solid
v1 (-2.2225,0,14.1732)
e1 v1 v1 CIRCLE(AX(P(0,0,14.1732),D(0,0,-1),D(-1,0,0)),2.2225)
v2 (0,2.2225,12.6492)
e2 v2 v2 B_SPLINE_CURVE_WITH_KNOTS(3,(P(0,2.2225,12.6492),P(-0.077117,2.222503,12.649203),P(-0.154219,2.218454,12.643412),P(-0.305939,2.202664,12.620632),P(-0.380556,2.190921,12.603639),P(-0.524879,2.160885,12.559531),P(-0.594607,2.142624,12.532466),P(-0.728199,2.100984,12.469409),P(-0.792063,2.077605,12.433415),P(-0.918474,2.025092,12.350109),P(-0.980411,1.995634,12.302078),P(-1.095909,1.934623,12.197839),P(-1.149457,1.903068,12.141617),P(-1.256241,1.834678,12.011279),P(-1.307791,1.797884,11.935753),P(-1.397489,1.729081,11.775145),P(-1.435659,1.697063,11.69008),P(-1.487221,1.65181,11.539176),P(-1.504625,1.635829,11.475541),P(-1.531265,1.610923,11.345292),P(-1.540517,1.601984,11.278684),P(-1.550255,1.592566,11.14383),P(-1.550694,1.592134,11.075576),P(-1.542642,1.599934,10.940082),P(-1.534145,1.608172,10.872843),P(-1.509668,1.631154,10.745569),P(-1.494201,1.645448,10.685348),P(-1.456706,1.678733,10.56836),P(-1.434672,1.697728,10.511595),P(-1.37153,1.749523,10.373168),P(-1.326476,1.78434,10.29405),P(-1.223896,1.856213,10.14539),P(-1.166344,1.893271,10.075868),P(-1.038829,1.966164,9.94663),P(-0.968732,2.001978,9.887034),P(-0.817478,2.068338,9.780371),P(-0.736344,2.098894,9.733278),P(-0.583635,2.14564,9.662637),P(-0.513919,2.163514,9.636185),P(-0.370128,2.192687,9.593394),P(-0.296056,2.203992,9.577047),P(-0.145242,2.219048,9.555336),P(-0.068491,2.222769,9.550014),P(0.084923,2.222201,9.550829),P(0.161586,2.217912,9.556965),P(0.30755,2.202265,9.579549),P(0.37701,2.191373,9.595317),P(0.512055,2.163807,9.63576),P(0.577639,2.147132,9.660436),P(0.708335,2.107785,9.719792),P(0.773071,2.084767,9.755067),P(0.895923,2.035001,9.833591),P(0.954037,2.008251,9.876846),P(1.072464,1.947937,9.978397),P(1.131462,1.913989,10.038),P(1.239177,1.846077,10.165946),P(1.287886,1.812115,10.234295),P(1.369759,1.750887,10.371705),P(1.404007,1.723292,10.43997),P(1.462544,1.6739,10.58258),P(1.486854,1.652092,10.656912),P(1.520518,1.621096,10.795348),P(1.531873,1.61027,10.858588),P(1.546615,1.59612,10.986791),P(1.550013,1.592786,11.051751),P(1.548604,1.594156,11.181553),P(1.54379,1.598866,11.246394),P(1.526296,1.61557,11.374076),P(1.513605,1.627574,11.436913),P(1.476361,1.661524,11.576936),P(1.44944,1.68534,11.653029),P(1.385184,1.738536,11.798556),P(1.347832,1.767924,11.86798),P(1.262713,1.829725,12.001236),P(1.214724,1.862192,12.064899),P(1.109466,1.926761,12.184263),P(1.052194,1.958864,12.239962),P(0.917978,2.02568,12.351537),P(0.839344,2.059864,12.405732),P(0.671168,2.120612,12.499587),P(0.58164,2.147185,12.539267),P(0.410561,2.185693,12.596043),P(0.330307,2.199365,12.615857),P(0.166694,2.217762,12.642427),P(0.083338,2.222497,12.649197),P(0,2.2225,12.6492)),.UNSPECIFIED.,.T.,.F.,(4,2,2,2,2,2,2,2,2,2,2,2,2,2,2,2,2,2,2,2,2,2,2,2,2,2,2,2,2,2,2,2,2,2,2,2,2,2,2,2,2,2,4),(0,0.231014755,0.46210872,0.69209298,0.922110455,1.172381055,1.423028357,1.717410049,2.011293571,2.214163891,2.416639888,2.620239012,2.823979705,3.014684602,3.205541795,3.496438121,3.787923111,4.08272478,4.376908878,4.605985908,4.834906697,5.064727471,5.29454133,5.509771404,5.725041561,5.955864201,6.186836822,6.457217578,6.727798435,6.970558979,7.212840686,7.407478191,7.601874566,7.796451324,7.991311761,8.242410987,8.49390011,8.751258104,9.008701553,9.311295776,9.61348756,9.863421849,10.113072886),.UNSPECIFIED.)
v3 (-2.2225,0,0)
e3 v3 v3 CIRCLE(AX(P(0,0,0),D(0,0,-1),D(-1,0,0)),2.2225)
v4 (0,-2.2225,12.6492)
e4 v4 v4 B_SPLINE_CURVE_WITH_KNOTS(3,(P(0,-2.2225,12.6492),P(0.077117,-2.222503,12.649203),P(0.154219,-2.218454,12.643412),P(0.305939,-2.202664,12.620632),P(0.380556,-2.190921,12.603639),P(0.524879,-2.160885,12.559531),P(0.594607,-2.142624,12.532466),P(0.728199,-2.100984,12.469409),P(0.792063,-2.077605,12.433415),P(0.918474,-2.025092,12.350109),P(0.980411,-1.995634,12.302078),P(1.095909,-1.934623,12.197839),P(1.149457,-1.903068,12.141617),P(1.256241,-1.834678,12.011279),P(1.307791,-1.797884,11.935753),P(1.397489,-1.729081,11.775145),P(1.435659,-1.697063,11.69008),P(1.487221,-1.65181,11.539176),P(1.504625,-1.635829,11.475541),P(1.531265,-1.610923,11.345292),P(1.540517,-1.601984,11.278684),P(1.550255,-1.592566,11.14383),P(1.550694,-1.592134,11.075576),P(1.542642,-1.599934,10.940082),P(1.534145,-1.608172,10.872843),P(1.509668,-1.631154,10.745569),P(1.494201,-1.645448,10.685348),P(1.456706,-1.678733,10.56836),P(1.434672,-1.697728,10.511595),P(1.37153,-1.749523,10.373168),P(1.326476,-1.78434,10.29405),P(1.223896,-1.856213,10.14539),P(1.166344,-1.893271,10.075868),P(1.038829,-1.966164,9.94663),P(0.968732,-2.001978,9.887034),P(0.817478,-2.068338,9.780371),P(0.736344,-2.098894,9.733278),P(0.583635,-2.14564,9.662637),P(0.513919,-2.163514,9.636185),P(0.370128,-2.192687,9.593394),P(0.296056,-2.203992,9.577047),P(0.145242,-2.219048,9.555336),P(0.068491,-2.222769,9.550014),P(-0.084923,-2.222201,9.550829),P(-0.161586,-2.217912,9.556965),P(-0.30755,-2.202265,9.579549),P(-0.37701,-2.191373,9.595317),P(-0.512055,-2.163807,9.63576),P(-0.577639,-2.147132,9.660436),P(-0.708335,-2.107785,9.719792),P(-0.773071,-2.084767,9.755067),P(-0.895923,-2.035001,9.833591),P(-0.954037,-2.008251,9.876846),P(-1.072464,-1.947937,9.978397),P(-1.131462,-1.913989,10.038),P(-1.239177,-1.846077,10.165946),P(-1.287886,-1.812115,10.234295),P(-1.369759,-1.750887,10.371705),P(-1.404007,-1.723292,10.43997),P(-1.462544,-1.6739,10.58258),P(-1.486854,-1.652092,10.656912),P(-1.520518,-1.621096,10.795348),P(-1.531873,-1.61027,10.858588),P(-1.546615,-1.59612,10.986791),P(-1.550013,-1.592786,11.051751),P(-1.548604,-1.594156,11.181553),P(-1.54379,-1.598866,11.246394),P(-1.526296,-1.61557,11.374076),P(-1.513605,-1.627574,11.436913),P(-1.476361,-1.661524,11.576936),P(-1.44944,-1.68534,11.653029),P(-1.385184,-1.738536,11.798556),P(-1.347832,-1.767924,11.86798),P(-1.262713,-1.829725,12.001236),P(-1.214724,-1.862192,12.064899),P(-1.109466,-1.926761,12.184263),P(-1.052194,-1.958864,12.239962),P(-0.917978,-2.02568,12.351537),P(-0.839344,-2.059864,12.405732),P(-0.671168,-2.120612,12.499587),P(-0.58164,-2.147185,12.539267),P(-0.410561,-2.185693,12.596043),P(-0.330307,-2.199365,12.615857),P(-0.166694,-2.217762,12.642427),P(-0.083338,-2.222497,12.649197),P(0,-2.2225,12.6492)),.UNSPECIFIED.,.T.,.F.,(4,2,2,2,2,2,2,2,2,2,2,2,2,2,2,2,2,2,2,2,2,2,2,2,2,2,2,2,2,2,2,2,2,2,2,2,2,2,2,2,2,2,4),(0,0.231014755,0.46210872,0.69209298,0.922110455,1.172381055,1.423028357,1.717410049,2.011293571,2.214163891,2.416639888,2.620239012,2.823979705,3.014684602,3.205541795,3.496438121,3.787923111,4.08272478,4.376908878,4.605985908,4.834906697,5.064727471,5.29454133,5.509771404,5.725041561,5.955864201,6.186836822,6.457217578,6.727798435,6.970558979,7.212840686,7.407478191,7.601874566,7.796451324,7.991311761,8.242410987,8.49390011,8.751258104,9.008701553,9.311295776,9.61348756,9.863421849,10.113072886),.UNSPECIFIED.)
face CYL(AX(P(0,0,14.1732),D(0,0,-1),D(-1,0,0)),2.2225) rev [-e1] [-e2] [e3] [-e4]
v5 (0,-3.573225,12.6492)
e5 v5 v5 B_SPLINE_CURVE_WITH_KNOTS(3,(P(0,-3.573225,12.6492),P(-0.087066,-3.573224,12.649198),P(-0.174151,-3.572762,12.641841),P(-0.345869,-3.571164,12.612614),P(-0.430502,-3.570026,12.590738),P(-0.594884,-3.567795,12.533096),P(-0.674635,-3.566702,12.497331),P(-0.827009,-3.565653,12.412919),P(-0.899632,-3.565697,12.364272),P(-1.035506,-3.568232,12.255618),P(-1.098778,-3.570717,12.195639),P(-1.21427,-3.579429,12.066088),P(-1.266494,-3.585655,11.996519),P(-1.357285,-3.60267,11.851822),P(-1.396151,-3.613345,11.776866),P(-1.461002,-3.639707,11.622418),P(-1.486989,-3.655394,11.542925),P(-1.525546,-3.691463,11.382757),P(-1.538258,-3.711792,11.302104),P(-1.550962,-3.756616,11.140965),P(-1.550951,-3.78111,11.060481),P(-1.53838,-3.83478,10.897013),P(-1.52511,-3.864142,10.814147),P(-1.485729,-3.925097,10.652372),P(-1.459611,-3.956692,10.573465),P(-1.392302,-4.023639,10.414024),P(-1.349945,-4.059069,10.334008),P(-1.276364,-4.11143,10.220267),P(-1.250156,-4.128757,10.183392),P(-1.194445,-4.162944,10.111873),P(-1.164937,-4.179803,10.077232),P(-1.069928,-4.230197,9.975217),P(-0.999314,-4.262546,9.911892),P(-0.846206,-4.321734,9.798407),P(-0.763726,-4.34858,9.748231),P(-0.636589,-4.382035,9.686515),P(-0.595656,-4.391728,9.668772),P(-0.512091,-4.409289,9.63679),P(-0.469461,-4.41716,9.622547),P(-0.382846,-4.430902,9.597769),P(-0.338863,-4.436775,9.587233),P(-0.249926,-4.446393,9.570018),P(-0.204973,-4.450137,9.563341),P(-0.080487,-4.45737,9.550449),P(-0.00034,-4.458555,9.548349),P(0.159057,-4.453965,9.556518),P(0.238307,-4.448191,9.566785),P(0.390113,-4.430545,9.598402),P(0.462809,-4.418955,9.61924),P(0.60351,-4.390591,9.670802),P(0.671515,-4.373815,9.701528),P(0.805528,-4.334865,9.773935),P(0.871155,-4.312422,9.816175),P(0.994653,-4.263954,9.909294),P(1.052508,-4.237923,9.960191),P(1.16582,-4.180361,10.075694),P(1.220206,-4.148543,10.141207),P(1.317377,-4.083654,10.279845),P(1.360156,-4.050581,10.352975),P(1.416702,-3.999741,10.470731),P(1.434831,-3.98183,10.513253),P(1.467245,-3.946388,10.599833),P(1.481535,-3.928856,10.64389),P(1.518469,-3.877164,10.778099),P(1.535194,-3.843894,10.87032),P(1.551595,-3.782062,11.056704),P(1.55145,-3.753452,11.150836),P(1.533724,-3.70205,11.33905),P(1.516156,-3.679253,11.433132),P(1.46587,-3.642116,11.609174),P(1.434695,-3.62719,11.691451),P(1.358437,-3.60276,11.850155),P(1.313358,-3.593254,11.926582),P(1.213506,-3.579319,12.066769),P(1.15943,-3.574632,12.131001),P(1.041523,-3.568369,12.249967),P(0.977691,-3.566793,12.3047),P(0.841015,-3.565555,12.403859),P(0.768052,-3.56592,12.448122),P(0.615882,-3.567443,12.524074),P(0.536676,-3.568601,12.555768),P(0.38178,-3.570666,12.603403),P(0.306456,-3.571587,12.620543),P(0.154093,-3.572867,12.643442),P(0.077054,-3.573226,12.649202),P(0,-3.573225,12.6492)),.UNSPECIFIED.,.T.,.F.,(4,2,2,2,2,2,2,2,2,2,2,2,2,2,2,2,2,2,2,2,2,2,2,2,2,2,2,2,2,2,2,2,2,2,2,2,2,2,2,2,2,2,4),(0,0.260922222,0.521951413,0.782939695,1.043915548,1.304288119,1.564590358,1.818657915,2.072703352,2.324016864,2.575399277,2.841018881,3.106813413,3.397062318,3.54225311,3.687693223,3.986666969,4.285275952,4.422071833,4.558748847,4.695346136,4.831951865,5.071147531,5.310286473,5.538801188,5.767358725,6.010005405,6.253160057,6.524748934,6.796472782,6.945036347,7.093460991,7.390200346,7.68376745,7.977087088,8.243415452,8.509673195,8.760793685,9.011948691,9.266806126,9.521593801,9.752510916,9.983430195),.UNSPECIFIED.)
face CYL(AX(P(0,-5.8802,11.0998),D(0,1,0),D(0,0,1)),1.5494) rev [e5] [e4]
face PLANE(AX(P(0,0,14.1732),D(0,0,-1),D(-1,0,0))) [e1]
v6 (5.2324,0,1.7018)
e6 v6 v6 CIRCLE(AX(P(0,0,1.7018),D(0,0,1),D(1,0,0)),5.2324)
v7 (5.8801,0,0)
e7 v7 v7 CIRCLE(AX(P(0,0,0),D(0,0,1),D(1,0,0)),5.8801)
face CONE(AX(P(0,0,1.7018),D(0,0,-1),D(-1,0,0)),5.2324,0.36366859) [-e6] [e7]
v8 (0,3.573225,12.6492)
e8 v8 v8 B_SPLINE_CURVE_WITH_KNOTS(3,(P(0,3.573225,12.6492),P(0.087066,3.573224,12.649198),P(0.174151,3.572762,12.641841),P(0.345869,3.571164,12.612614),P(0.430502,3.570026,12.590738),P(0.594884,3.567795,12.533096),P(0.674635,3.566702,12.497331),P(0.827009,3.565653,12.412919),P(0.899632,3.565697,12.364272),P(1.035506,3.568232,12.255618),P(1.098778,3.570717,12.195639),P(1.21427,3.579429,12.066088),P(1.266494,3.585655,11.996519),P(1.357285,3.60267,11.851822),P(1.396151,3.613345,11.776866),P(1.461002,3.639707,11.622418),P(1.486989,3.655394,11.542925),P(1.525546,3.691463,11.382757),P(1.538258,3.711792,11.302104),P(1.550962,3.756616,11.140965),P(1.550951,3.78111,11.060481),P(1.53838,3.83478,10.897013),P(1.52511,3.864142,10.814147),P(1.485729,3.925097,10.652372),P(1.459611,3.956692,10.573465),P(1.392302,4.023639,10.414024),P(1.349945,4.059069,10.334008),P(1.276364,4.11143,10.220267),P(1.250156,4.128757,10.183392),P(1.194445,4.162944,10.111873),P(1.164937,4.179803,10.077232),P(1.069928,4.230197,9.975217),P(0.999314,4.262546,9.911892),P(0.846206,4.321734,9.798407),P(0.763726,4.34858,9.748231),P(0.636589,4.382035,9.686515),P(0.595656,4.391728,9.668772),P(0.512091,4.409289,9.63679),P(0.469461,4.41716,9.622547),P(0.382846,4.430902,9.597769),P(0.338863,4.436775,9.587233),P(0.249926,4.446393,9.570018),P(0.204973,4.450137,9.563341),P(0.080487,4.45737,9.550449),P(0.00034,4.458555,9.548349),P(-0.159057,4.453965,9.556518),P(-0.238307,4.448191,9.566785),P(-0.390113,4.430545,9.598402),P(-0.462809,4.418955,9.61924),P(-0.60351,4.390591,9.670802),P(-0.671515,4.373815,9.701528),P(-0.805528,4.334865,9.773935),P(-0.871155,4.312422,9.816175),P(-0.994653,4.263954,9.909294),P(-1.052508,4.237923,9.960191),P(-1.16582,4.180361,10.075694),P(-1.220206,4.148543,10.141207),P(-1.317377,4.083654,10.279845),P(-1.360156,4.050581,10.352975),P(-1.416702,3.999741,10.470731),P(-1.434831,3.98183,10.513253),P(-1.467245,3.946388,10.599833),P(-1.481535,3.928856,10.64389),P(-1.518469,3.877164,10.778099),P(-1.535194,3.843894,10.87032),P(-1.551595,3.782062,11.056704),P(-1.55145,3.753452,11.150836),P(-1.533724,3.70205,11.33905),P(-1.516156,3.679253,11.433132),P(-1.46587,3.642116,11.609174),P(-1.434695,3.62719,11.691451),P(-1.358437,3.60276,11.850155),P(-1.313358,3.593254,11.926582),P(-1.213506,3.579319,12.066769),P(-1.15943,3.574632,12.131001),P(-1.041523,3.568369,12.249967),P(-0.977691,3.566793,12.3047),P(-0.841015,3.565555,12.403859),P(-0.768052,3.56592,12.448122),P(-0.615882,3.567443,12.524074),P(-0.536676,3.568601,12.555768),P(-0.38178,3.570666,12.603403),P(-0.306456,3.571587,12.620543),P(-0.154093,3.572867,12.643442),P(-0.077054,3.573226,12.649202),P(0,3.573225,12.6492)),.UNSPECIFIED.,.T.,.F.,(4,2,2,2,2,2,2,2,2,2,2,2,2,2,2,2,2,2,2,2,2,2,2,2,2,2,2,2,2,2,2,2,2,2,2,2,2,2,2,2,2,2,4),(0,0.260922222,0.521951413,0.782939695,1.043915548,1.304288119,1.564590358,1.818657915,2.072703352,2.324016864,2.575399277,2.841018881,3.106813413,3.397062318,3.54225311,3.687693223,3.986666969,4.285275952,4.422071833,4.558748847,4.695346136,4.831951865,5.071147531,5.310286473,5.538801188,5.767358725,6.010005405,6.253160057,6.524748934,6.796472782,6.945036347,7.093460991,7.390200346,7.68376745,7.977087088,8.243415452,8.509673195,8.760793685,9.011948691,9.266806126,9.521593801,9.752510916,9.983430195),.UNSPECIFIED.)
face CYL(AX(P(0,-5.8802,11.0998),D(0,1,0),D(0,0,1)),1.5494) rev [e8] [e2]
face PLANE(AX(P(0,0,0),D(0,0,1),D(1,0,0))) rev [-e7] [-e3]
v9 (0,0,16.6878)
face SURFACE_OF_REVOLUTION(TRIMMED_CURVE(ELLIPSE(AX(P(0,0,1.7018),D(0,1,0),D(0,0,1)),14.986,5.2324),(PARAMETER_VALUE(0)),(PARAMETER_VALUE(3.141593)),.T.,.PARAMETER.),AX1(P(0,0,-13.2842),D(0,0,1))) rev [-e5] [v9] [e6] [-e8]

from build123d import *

# Parameters (mm, degrees)
SKETCH2_R               = 5.2324
SKETCH1_R               = 5.8801
DOME1_FACE_RADIUS       = 5.2324
DOME1_HEIGHT            = 14.986
CUT_EXTRUDE1_DEPTH      = 19.644941044
CUT_EXTRUDE1_DEPTH_BACK = 19.644941044
SKETCH3_R               = 1.5494
SKETCH4_R               = 2.2225
CUT_EXTRUDE2_DEPTH      = 14.1732


with BuildPart() as part:
    # Sketch2 → Loft1 section 0
    with BuildSketch(Plane.XY.offset(1.7018)):
        Circle(SKETCH2_R)
    # Sketch1 → Loft1 section 1
    with BuildSketch(Plane.XY):
        Circle(SKETCH1_R)
    loft()

    # Dome1: an elliptical dome of height H over a round flat face of radius A is half a spheroid: the quarter ellipse of half axes A and H revolved about the face's axis
    with BuildSketch(Plane((0, 0, 1.7018), x_dir=(0, 1, 0), z_dir=(1, 0, 0)), mode=Mode.PRIVATE) as dome1_quarter:
        Ellipse(DOME1_FACE_RADIUS, DOME1_HEIGHT)
        Rectangle(DOME1_FACE_RADIUS, DOME1_HEIGHT, align=(Align.MIN, Align.MIN), mode=Mode.INTERSECT)
    revolve(dome1_quarter.sketch, axis=Axis((0, 0, 1.7018), (0, 0, 1)))

    # Sketch3 → Cut-Extrude1 (cut, two sides: drawn at the far end of the back side and taken through both)
    with BuildSketch(Plane(origin=(0, 0, 0), x_dir=(1, 0, 0), z_dir=(0, 1, 0)).offset(-CUT_EXTRUDE1_DEPTH_BACK)):
        with Locations(Location((0, -11.0998, 0), (0, 0, 270))):
            Circle(SKETCH3_R)
    extrude(amount=CUT_EXTRUDE1_DEPTH + CUT_EXTRUDE1_DEPTH_BACK, mode=Mode.SUBTRACT)

    # Sketch4 → Cut-Extrude2 (cut)
    with BuildSketch(Plane(origin=(0, 0, 0), x_dir=(-1, 0, 0), z_dir=(0, 0, -1))):
        Circle(SKETCH4_R)
    extrude(amount=-CUT_EXTRUDE2_DEPTH, mode=Mode.SUBTRACT)


solid = part.part
